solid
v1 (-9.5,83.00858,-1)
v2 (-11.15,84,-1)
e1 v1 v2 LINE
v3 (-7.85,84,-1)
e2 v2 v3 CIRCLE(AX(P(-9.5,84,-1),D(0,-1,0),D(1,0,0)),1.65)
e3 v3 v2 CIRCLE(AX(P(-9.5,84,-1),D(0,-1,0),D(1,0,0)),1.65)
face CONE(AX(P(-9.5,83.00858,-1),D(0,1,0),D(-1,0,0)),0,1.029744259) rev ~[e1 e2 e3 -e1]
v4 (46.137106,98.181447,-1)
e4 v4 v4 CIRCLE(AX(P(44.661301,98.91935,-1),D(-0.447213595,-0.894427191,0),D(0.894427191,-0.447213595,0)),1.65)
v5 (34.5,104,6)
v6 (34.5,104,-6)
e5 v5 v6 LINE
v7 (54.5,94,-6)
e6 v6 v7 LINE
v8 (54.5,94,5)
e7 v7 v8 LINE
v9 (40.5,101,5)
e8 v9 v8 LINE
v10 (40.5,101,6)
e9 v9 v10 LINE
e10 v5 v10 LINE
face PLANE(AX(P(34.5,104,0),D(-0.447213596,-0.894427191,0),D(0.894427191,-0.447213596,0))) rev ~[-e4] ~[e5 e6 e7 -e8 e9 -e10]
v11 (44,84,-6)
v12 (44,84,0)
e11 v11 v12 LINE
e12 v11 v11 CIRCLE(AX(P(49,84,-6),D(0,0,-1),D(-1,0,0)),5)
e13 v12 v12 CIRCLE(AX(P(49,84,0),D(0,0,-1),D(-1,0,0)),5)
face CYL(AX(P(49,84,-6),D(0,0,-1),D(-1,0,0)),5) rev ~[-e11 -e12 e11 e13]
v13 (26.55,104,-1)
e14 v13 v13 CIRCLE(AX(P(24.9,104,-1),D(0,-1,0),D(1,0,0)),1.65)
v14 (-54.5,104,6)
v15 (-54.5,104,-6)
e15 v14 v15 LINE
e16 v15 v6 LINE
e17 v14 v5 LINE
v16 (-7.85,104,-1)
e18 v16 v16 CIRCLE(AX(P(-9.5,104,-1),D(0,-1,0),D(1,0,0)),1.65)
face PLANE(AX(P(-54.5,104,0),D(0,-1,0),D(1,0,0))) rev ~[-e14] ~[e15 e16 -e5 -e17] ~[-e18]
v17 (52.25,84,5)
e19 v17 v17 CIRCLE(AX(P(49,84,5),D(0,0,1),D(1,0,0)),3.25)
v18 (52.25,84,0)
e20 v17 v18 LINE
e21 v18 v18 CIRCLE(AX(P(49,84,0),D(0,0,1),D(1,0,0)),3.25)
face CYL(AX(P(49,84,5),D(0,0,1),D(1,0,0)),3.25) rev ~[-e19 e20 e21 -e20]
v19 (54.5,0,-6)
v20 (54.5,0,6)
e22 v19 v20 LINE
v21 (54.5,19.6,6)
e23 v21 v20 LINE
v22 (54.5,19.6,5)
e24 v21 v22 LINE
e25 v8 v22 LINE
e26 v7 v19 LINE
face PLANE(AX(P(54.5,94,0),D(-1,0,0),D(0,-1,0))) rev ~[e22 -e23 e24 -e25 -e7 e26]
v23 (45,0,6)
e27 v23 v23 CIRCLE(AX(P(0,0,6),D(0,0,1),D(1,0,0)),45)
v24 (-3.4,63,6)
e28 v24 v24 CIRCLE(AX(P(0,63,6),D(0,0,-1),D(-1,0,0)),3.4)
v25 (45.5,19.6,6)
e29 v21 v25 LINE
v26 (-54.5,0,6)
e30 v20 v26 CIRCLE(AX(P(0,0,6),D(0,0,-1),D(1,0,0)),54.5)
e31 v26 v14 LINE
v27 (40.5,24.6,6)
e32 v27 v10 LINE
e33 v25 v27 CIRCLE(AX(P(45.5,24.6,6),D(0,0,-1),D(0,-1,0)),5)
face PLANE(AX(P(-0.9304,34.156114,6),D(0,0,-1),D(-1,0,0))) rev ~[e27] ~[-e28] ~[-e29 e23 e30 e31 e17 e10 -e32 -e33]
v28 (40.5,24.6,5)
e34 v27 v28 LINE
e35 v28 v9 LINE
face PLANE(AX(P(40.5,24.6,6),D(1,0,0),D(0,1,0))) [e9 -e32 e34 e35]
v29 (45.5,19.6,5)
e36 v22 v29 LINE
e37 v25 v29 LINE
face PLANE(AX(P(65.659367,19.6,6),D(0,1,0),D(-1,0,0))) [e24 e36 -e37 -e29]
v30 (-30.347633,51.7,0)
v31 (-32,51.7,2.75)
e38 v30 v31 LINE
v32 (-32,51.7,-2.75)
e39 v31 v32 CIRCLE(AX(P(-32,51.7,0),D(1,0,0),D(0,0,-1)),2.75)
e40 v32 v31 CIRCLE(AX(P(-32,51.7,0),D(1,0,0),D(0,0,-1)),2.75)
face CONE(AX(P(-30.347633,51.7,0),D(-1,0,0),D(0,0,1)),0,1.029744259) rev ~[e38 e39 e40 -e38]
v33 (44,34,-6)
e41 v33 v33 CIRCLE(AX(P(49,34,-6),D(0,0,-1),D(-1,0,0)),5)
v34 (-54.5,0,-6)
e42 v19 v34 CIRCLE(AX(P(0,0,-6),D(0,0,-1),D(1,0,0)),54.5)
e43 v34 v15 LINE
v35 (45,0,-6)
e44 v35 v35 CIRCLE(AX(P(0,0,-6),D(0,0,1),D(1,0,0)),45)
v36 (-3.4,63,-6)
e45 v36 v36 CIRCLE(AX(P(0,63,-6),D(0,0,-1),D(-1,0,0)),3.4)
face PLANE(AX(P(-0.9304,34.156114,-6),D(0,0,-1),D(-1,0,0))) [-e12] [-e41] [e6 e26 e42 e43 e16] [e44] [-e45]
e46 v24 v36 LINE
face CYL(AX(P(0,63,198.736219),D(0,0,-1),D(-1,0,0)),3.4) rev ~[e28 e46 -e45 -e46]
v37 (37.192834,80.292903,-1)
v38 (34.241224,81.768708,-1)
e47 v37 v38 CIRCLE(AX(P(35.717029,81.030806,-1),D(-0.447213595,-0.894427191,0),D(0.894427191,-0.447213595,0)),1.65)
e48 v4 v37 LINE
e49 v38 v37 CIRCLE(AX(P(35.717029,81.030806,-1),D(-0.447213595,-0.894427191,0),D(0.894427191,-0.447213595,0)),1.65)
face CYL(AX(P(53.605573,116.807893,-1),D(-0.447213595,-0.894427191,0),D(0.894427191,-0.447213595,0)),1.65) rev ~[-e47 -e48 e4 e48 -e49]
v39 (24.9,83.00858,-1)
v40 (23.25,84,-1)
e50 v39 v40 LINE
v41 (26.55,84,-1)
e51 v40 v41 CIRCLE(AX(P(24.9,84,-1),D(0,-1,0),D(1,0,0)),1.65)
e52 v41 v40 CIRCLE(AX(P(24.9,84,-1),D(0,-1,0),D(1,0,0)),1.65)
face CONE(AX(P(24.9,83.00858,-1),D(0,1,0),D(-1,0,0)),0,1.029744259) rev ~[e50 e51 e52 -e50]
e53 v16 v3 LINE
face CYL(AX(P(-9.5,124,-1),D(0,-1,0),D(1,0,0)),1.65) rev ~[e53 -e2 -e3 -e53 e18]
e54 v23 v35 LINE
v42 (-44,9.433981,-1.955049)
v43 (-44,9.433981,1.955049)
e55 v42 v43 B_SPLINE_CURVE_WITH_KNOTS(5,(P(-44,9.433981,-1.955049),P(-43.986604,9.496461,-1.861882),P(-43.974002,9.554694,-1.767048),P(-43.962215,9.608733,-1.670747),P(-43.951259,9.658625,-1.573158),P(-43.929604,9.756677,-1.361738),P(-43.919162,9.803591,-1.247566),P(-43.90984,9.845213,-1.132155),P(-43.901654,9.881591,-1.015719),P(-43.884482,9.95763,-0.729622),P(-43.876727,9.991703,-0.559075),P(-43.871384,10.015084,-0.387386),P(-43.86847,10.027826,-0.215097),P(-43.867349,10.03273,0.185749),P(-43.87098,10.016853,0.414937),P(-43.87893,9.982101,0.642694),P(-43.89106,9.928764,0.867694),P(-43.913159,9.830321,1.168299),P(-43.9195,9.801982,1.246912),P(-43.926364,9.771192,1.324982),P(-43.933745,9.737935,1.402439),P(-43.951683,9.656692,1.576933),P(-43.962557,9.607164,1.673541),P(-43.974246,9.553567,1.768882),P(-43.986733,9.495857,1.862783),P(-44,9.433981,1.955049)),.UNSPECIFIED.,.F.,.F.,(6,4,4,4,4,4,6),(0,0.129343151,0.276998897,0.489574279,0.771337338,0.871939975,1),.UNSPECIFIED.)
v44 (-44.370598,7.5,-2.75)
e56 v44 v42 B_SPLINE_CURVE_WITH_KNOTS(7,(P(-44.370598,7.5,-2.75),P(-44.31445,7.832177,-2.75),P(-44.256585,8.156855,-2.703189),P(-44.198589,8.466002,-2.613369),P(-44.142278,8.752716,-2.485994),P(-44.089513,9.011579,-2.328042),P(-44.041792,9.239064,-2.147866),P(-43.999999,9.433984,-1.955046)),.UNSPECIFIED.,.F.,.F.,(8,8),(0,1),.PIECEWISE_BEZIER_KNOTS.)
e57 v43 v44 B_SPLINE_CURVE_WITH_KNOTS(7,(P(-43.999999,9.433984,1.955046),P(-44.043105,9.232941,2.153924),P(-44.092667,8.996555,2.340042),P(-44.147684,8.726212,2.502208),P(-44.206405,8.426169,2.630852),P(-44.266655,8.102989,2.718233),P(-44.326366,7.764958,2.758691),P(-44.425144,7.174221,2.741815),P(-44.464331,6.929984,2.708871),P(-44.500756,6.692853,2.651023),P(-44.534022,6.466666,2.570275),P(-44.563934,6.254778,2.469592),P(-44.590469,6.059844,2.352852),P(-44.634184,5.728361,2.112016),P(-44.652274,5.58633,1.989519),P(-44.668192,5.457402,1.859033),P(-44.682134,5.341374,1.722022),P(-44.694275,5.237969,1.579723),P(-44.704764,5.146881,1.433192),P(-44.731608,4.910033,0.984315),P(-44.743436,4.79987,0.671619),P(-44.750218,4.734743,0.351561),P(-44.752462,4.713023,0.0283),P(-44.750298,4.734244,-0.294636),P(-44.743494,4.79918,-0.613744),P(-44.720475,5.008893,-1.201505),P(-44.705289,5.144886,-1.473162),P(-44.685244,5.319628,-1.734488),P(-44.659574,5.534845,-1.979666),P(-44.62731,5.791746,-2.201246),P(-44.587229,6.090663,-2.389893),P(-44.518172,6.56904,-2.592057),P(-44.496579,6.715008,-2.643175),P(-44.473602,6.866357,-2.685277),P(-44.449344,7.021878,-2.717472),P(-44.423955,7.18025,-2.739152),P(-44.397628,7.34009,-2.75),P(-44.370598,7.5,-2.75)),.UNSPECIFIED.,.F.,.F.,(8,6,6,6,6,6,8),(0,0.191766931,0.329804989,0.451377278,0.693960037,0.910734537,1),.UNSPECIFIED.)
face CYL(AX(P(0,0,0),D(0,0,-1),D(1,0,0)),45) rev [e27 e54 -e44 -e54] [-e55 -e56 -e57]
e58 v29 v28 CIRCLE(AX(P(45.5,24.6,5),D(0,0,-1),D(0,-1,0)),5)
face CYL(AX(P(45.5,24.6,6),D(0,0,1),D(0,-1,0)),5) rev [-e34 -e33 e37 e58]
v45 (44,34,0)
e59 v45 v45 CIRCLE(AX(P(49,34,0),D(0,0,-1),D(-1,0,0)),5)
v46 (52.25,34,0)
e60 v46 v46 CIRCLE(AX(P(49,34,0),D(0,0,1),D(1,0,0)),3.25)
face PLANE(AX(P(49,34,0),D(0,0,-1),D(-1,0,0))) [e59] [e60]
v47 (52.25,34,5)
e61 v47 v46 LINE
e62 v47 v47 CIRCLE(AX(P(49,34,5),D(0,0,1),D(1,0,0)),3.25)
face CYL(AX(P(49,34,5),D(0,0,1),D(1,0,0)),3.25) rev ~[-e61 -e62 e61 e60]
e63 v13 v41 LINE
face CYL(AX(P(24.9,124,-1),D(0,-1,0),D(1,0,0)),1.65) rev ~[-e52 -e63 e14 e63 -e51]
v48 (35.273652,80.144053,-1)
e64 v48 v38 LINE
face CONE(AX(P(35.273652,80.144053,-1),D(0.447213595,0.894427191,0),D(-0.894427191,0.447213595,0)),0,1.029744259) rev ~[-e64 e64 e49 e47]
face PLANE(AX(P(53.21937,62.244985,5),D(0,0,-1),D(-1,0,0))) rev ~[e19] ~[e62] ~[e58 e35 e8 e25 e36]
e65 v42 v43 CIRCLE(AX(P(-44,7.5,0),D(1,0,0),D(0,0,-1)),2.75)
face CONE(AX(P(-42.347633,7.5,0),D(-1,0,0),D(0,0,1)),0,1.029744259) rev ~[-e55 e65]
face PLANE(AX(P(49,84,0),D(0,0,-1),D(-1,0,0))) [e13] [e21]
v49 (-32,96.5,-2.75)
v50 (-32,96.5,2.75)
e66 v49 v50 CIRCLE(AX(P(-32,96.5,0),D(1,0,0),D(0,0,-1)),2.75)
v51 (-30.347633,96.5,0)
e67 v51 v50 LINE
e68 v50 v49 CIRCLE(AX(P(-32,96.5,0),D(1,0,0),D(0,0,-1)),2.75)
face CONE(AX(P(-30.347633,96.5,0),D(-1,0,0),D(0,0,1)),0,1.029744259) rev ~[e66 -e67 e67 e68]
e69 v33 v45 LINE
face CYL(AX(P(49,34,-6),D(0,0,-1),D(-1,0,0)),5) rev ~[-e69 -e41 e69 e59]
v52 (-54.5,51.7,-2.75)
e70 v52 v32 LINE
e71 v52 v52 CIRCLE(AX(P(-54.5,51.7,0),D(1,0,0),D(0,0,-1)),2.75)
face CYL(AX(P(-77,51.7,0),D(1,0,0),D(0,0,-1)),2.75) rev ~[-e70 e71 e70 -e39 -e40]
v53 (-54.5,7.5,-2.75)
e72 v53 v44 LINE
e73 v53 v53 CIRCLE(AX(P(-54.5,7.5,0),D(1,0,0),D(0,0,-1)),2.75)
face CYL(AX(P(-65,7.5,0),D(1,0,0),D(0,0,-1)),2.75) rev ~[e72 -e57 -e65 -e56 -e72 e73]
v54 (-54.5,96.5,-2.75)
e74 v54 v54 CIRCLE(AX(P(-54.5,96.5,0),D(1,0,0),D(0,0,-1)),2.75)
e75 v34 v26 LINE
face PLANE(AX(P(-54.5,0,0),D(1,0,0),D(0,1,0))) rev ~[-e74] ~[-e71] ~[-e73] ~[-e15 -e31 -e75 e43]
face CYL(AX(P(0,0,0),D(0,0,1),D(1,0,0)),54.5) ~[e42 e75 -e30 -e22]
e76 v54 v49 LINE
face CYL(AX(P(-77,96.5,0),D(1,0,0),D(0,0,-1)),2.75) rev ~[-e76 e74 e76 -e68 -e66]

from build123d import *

# Parameters (mm, degrees)
CROQUIS1_R                    = 45
SALIENTE_EXTRUIR1_DEPTH       = 6
TALADRO_ROSCADO_M41_D         = 3.3
TALADRO_ROSCADO_M41_DEPTH     = 20
TALADRO_ROSCADO_M41_TIP       = 0.991420021
TALADRO_ROSCADO_M42_D         = 3.3
TALADRO_ROSCADO_M42_DEPTH     = 20
TALADRO_ROSCADO_M42_TIP       = 0.991420021
CORTAR_EXTRUIR1_DEPTH         = 1
CROQUIS7_R                    = 3.25
CORTAR_EXTRUIR2_DEPTH         = 37.7
CROQUIS8_R                    = 5
CORTAR_EXTRUIR3_DEPTH         = 6
TALADRO_ROSCADO_M6X0_51_D     = 5.5
TALADRO_ROSCADO_M6X0_51_DEPTH = 22.5
TALADRO_ROSCADO_M6X0_51_TIP   = 1.652366702
TALADRO_ROSCADO_M6X0_52_D     = 5.5
TALADRO_ROSCADO_M6X0_52_DEPTH = 10.5
TALADRO_ROSCADO_M6X0_52_TIP   = 1.652366702
TALADRO_ROSCADO_M81_D         = 6.8


with BuildPart() as part:
    # Croquis1 → Saliente-Extruir1 (new body, symmetric)
    with BuildSketch(Plane.XY):
        with BuildLine():
            Line((-54.5, 0), (-54.5, 104))
            Line((-54.5, 104), (34.5, 104))
            Line((34.5, 104), (54.5, 94))
            Line((54.5, 94), (54.5, 0))
            ThreePointArc((54.5, 0), (0, -54.5), (-54.5, 0))
        make_face()
        Circle(CROQUIS1_R, mode=Mode.SUBTRACT)
    extrude(amount=SALIENTE_EXTRUIR1_DEPTH, both=True)

    # Taladro roscado M41
    with Locations(Plane(origin=(48.5, 97, 0), x_dir=(-0.894427191, 0.447213595, 0), z_dir=(0.447213595, 0.894427191, 0))):
        with Locations((4.291796068, -1)):
            Hole(TALADRO_ROSCADO_M41_D / 2, depth=TALADRO_ROSCADO_M41_DEPTH)
            with Locations((0, 0, -(TALADRO_ROSCADO_M41_DEPTH + TALADRO_ROSCADO_M41_TIP / 2))):  # 118° drill point
                Cone(0, TALADRO_ROSCADO_M41_D / 2, TALADRO_ROSCADO_M41_TIP, mode=Mode.SUBTRACT)

    # Taladro roscado M42
    with Locations(Plane(origin=(0, 104, 0), x_dir=(-1, 0, 0), z_dir=(0, 1, 0))):
        with Locations((9.5, -1), (-24.9, -1)):
            Hole(TALADRO_ROSCADO_M42_D / 2, depth=TALADRO_ROSCADO_M42_DEPTH)
            with Locations((0, 0, -(TALADRO_ROSCADO_M42_DEPTH + TALADRO_ROSCADO_M42_TIP / 2))):  # 118° drill point
                Cone(0, TALADRO_ROSCADO_M42_D / 2, TALADRO_ROSCADO_M42_TIP, mode=Mode.SUBTRACT)

    # Croquis6 → Cortar-Extruir1 (cut)
    with BuildSketch(Plane.XY.offset(6)):
        with BuildLine():
            Line((40.5, 104), (65.659367038, 104))
            Line((65.659367038, 104), (65.659367038, 19.6))
            Line((65.659367038, 19.6), (45.5, 19.6))
            ThreePointArc((45.5, 19.6), (41.964466094, 21.064466094), (40.5, 24.6))
            Line((40.5, 24.6), (40.5, 104))
        make_face()
    extrude(amount=-CORTAR_EXTRUIR1_DEPTH, mode=Mode.SUBTRACT)

    # Croquis7 → Cortar-Extruir2 (cut)
    with BuildSketch(Plane.XY.offset(5)):
        with Locations((49, 84)):
            Circle(CROQUIS7_R)
        with Locations((49, 34)):
            Circle(CROQUIS7_R)
    extrude(amount=-CORTAR_EXTRUIR2_DEPTH, mode=Mode.SUBTRACT)

    # Croquis8 → Cortar-Extruir3 (cut)
    with BuildSketch(Plane(origin=(0, 0, -6), x_dir=(-1, 0, 0), z_dir=(0, 0, -1))):
        with Locations((-49, 84)):
            Circle(CROQUIS8_R)
        with Locations((-49, 34)):
            Circle(CROQUIS8_R)
    extrude(amount=-CORTAR_EXTRUIR3_DEPTH, mode=Mode.SUBTRACT)

    # Taladro roscado M6x0.51
    with Locations(Plane.ZY.offset(54.5)):
        with Locations((0, 96.5), (0, 51.7)):
            Hole(TALADRO_ROSCADO_M6X0_51_D / 2, depth=TALADRO_ROSCADO_M6X0_51_DEPTH)
            with Locations((0, 0, -(TALADRO_ROSCADO_M6X0_51_DEPTH + TALADRO_ROSCADO_M6X0_51_TIP / 2))):  # 118° drill point
                Cone(0, TALADRO_ROSCADO_M6X0_51_D / 2, TALADRO_ROSCADO_M6X0_51_TIP, mode=Mode.SUBTRACT)

    # Taladro roscado M6x0.52
    with Locations(Plane.ZY.offset(54.5)):
        with Locations((0, 7.5)):
            Hole(TALADRO_ROSCADO_M6X0_52_D / 2, depth=TALADRO_ROSCADO_M6X0_52_DEPTH)
            with Locations((0, 0, -(TALADRO_ROSCADO_M6X0_52_DEPTH + TALADRO_ROSCADO_M6X0_52_TIP / 2))):  # 118° drill point
                Cone(0, TALADRO_ROSCADO_M6X0_52_D / 2, TALADRO_ROSCADO_M6X0_52_TIP, mode=Mode.SUBTRACT)

    # Taladro roscado M81 (through all)
    with Locations(Plane.XY.offset(6)):
        with Locations((0, 63)):
            Hole(TALADRO_ROSCADO_M81_D / 2)


solid = part.part
